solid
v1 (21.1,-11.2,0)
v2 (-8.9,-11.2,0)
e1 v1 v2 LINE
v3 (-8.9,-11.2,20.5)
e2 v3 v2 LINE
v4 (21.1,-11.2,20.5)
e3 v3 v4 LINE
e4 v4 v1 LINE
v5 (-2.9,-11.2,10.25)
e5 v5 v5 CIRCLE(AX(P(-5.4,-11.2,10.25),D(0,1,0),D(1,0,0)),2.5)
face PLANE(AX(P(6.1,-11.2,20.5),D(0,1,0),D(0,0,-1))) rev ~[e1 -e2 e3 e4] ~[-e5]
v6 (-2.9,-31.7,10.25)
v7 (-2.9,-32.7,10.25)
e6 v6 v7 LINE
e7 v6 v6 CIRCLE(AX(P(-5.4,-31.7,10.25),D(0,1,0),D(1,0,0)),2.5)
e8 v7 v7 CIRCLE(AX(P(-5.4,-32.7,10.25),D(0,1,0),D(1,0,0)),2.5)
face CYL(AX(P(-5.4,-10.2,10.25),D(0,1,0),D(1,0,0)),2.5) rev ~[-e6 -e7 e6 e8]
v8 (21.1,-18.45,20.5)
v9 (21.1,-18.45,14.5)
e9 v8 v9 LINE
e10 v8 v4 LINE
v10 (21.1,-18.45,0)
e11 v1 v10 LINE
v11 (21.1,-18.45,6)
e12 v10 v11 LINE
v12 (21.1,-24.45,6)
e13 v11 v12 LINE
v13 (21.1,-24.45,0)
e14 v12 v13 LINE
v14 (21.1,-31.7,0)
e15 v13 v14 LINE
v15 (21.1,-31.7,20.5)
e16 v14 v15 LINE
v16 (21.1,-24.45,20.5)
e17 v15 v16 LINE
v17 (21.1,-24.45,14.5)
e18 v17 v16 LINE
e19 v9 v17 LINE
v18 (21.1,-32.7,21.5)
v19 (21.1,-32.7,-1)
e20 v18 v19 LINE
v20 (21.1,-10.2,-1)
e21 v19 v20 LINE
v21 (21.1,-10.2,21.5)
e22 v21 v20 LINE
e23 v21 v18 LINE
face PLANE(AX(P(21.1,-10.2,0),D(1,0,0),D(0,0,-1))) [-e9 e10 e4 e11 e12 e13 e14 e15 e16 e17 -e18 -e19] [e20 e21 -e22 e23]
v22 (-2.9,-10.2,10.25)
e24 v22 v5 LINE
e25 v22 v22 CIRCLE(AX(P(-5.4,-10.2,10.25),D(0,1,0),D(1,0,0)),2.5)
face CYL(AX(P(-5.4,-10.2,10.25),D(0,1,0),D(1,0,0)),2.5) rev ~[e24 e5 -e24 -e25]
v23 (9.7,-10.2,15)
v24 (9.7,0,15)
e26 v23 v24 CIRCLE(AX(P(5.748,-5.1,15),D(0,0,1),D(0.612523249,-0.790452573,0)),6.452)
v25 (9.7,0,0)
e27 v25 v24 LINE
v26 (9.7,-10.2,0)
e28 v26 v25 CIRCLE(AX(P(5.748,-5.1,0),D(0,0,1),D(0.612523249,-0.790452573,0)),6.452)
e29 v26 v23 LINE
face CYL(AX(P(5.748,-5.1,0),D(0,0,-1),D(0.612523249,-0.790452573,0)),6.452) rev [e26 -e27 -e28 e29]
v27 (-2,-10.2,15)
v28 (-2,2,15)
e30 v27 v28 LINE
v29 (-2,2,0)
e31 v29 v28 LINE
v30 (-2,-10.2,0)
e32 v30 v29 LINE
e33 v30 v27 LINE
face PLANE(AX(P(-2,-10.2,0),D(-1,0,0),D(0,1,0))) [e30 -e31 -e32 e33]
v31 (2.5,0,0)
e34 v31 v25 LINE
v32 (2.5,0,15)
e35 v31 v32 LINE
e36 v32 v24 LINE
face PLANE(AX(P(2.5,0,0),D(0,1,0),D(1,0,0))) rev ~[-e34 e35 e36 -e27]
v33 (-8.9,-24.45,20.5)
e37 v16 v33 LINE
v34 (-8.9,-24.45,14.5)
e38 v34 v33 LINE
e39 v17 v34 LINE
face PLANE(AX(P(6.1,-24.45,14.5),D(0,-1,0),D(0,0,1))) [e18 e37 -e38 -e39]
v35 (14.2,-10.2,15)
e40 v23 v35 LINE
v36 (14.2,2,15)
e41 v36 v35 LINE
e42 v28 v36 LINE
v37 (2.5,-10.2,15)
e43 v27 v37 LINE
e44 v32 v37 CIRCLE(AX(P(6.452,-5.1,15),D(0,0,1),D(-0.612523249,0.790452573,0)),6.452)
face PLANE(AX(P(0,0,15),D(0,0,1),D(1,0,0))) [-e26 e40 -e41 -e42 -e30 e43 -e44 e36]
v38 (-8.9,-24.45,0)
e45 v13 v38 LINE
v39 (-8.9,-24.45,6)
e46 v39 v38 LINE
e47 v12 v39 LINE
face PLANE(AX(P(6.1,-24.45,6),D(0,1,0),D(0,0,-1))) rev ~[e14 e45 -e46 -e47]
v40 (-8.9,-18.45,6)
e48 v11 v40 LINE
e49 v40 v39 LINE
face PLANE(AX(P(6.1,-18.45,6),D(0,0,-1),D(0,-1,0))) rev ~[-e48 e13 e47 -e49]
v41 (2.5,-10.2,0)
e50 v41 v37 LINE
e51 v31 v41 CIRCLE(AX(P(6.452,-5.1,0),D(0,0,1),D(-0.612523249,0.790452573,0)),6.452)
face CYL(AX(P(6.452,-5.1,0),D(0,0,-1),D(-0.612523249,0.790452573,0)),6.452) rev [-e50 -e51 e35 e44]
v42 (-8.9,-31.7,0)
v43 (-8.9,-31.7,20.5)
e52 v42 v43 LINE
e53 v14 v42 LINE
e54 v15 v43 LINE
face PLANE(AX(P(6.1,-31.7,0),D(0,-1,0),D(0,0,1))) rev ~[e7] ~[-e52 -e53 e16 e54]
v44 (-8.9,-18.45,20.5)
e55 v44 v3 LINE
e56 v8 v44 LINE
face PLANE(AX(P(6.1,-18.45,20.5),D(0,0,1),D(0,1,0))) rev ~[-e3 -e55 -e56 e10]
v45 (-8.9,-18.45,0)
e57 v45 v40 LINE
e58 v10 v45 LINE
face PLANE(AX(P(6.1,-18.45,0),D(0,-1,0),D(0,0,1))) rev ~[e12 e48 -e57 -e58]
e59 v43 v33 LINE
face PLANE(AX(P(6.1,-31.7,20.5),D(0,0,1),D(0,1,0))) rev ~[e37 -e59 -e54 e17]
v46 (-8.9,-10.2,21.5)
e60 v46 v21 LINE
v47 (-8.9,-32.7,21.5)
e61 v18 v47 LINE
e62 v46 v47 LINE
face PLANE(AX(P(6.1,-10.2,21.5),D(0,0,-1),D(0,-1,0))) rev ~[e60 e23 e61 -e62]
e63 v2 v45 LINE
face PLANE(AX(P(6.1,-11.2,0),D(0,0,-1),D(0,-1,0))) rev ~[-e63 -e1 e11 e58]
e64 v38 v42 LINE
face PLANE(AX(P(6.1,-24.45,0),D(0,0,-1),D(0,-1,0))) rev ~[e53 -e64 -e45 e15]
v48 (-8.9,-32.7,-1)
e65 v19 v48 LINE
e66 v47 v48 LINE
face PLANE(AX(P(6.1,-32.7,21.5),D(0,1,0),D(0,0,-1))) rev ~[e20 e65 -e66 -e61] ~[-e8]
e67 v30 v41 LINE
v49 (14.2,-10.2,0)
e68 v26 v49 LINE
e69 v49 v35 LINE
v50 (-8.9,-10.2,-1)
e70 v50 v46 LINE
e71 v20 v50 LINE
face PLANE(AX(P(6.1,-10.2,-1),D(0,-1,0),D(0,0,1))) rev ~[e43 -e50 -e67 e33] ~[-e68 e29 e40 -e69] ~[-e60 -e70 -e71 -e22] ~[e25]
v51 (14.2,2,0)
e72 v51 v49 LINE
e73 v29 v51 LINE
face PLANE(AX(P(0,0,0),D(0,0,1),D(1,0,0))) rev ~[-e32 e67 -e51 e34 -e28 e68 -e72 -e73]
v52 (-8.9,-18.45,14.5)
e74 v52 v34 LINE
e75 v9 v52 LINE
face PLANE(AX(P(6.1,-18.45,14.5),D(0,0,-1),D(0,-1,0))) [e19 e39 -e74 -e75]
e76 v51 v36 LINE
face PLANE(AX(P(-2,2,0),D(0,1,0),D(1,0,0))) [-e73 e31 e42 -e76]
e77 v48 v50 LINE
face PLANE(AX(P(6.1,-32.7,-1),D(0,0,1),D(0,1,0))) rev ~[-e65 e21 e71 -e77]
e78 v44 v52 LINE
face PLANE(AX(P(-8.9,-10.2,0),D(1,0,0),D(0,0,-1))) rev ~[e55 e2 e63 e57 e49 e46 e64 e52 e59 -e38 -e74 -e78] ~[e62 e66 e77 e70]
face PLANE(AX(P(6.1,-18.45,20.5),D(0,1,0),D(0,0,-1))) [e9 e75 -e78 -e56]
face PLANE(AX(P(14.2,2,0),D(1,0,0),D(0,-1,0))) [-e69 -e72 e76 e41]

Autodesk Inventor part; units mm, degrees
ref_plane "YZ Plane" through (0, 0, 0) normal (1, 0, 0) x (0, 1, 0)
ref_plane "XZ Plane" through (0, 0, 0) normal (0, 1, 0) x (-1, 0, 0)
ref_plane "XY Plane" through (0, 0, 0) normal (0, 0, 1) x (1, 0, 0)
sketch "Sketch4" plane through (0, 0, 0) normal (0, 0, 1) x (1, 0, 0)
  arc A0 (2.5, 0) -> (2.5, -10.2) centre (6.452, -5.1) ccw
  arc A1 (9.7, -10.2) -> (9.7, 0) centre (5.748, -5.1) ccw
  line L0 (-2, 2) -> (14.2, 2)
  line L1 (14.2, 2) -> (14.2, -10.2)
  line L2 (-2, -10.2) -> (-2, 2)
  line L3 (-2, -10.2) -> (2.5, -10.2)
  line L4 (9.7, -10.2) -> (14.2, -10.2)
  line L5 (2.5, 0) -> (9.7, 0)
  point P0 (0, 0)
  point P1 (6.1, 0)
  point P2 (6.1, -10.2)
  dimension "d50" = 3.6
  dimension "d51" = 3.6
  dimension "d52" = 3.6
  dimension "d53" = 3.6
extrude "Extrusion4" add sketch "Sketch4" along normal blind 15
ref_plane "Work Plane2" through (6.1, -10.2, 0) normal (1, 0, 0) x (0, 0, -1)
sketch "Sketch5" plane through (6.1, -10.2, 0) normal (1, 0, 0) x (0, 0, -1)
  line L0 (0, 0) -> (0, 12.2) projected
  line L1 (0, 12.2) -> (-15, 12.2) projected
  line L2 (-15, 0) -> (-15, 12.2) projected
  line L3 (0, 0) -> (-15, 0) projected
  line L4 (1, 0) -> (-21.5, 0)
  line L5 (-21.5, 0) -> (-21.5, -22.5)
  line L6 (-21.5, -22.5) -> (1, -22.5)
  line L7 (1, -22.5) -> (1, 0)
  line L8 (-20.5, -1) -> (0, -1)
  line L9 (0, -21.5) -> (-20.5, -21.5)
  line L10 (-20.5, -8.25) -> (-14.5, -8.25)
  line L11 (-14.5, -8.25) -> (-14.5, -14.25)
  line L12 (-14.5, -14.25) -> (-20.5, -14.25)
  line L13 (0, -8.25) -> (-6, -8.25)
  line L14 (-6, -8.25) -> (-6, -14.25)
  line L15 (-6, -14.25) -> (0, -14.25)
  line L16 (-20.5, -21.5) -> (-20.5, -14.25)
  line L17 (-20.5, -8.25) -> (-20.5, -1)
  line L18 (0, -1) -> (0, -8.25)
  line L19 (0, -14.25) -> (0, -21.5)
  point P0 (0, 10.2)
  point P1 (-20.5, -11.25)
  point P2 (-20.5, -11.25)
  dimension "d58" = 22.5
  dimension "d59" = 22.5
  dimension "d60" = 1
  dimension "d61" = 1
extrude "Extrusion5" add sketch "Sketch5" along normal mid plane 30 contours L4 L7 L6 L5 L3
sketch "Sketch6" plane through (-8.9, -10.2, 21.5) normal (0, 1, 0) x (1, 0, 0)
  circle A0 centre (3.5, 11.25) radius 2.5
  line L0 (0, 0) -> (0, 22.5) projected
  point P0 (8.9, 21.5)
  dimension "d69" = 5
  dimension "d70" = 3.5
extrude "Extrusion6" cut sketch "Sketch6" along normal through all both and the other way through all
properties part number "motor mount left"
